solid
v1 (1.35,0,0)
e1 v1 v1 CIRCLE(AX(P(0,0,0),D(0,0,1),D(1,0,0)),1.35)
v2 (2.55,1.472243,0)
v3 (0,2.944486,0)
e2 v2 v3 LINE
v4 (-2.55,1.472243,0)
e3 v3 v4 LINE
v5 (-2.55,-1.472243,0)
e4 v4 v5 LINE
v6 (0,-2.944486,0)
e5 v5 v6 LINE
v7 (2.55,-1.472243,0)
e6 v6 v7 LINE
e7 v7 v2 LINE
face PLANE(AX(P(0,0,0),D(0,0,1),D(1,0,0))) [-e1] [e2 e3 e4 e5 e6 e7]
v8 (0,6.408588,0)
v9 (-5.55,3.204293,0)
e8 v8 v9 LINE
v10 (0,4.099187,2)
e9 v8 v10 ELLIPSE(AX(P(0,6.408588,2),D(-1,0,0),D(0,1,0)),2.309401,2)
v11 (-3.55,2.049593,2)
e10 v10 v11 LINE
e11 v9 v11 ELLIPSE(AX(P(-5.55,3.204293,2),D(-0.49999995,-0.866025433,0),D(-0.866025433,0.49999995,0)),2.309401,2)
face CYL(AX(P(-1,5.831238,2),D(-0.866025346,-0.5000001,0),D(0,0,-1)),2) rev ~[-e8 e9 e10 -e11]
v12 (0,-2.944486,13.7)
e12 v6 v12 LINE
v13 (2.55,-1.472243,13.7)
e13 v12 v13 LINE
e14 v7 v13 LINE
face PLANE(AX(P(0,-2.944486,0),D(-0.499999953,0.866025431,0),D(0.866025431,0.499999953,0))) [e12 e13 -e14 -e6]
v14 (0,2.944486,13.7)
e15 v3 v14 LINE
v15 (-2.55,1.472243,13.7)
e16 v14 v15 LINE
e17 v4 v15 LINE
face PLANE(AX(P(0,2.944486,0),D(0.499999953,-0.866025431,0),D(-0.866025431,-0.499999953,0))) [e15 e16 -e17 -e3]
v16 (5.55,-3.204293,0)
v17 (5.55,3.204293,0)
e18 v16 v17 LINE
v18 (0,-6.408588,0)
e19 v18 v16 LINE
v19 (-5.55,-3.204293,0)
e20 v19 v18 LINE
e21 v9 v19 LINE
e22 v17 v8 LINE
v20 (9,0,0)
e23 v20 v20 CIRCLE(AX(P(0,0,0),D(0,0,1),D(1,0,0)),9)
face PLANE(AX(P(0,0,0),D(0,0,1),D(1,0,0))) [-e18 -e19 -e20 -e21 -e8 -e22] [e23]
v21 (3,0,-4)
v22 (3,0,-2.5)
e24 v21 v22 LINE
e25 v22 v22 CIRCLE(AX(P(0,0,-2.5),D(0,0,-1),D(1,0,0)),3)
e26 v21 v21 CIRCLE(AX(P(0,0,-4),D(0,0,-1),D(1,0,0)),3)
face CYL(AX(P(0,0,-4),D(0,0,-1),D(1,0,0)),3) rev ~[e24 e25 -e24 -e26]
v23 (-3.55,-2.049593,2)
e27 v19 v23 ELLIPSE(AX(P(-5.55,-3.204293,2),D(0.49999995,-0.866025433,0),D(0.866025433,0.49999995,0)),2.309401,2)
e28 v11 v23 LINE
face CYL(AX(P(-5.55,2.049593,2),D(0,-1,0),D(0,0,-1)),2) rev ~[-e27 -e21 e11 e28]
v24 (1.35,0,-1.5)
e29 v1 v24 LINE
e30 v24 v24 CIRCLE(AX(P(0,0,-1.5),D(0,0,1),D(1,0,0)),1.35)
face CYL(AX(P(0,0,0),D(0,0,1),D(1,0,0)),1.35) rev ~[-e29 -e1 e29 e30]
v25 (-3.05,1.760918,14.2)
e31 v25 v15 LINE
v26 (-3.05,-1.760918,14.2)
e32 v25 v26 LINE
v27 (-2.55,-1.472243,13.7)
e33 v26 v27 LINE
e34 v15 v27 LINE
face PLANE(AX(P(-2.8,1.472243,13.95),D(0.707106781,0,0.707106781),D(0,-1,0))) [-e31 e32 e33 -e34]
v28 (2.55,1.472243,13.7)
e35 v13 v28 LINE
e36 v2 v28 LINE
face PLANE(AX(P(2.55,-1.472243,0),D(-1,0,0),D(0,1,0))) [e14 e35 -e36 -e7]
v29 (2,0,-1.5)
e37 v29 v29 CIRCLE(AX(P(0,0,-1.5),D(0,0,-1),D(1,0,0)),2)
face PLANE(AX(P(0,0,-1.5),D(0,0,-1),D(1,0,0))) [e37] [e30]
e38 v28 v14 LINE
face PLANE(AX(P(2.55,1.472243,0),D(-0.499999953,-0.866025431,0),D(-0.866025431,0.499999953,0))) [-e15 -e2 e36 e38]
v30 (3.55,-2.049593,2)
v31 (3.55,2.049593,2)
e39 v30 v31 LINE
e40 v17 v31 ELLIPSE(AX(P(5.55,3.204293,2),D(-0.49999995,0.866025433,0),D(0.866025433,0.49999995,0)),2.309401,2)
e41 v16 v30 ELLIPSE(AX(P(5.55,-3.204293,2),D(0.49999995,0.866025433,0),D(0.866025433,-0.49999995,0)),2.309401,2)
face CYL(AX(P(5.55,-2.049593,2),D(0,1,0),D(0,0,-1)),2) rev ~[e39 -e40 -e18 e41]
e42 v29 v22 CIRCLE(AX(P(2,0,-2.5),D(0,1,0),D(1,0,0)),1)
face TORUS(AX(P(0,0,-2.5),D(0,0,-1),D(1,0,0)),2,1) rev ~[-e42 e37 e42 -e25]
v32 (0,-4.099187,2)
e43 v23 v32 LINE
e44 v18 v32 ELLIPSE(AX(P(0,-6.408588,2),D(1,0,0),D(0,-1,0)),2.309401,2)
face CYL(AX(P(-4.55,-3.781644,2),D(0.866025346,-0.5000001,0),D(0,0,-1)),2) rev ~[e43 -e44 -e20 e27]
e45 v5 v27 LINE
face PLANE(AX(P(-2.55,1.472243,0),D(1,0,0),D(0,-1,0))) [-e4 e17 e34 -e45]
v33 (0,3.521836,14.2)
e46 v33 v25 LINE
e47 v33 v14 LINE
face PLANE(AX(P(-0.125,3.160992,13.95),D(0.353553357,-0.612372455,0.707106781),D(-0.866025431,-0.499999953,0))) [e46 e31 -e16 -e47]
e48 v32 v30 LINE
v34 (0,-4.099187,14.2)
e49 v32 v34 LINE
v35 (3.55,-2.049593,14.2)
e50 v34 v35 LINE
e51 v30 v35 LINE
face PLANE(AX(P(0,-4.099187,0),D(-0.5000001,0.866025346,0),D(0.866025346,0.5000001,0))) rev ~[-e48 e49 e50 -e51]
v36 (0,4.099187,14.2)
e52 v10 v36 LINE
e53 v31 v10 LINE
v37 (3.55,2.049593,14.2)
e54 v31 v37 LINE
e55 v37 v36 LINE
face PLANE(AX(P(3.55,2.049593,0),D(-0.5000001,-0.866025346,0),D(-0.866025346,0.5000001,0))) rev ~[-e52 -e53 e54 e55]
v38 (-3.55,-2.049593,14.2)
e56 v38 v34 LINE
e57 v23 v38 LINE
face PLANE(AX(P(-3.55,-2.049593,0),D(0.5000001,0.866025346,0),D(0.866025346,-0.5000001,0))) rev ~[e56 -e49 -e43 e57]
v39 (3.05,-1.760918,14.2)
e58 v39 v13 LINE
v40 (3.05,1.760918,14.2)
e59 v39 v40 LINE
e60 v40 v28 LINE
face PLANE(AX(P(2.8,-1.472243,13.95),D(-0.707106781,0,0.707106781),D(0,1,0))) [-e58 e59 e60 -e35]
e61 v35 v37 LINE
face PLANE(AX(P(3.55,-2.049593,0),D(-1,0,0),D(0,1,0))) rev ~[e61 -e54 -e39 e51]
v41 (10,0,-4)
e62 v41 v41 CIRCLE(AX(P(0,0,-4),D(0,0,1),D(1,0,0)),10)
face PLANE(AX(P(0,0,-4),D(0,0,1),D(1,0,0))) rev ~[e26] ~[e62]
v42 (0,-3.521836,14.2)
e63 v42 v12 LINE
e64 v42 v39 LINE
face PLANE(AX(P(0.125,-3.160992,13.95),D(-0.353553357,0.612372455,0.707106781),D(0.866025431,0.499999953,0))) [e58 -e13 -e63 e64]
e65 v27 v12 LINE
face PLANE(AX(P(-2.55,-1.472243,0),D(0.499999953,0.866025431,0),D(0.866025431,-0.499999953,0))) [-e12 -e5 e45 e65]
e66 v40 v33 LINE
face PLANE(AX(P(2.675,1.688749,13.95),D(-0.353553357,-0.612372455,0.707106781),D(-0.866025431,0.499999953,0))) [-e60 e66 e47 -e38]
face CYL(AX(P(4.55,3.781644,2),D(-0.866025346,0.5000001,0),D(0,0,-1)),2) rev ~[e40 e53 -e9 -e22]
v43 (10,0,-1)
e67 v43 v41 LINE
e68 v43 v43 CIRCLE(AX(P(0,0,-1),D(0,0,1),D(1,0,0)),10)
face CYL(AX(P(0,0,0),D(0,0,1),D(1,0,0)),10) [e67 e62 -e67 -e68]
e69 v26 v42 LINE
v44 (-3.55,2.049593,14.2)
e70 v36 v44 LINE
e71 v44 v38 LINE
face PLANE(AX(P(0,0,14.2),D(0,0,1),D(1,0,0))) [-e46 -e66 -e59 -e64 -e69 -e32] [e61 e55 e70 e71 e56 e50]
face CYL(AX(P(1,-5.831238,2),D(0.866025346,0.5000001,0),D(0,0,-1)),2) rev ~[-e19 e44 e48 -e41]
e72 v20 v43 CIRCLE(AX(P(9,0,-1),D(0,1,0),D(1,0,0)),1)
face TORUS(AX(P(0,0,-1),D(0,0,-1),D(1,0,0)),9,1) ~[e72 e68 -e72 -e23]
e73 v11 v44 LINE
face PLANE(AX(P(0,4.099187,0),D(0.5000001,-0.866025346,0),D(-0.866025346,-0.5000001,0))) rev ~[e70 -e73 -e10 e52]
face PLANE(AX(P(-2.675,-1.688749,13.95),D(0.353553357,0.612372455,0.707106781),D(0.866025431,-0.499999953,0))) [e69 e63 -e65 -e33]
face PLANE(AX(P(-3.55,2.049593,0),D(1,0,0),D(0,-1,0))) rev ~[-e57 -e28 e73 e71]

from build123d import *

# Parameters (mm, degrees)
SKETCH015_R     = 10
PAD008_DEPTH    = 4
PAD009_DEPTH    = 14.2
FILLET002_R     = 2
FILLET003_R     = 1
CHAMFER_SIZE    = 0.5
SKETCH018_R     = 3
POCKET001_DEPTH = 2.5
SKETCH017_R     = 1.35
POCKET002_DEPTH = 4.001
FILLET004_R     = 1


with BuildPart() as part:
    # Sketch015 → Pad008 (new body)
    with BuildSketch(Plane.XY):
        Circle(SKETCH015_R)
    extrude(amount=-PAD008_DEPTH)

    # Sketch016 → Pad009 (join)
    with BuildSketch(Plane.XY):
        Polygon((3.55, -2.049593), (3.55, 2.049593), (0, 4.099187), (-3.55, 2.049593), (-3.55, -2.049593), (0, -4.099187), align=None)
        Polygon((2.55, -1.472243), (2.55, 1.472243), (0, 2.944486), (-2.55, 1.472243), (-2.55, -1.472243), (0, -2.944486), align=None, mode=Mode.SUBTRACT)
    extrude(amount=PAD009_DEPTH)

    # Fillet002
    fillet002_edges = [part.edges().sort_by_distance(p)[0] for p in [
        (-1.775, -3.07439, 0),
        (1.775, -3.07439, 0),
        (3.55, 0, 0),
        (1.775, 3.07439, 0),
        (-1.775, 3.07439, 0),
        (-3.55, 0, 0),
    ]]
    fillet(fillet002_edges, radius=FILLET002_R)

    # Fillet003
    fillet003_edges = [part.edges().sort_by_distance(p)[0] for p in [
        (-10, 0, 0),
    ]]
    fillet(fillet003_edges, radius=FILLET003_R)

    # Chamfer
    chamfer_edges = [part.edges().sort_by_distance(p)[0] for p in [
        (1.275, -2.208365, 14.2),
        (2.55, 0, 14.2),
        (1.275, 2.208365, 14.2),
        (-1.275, 2.208365, 14.2),
        (-2.55, 0, 14.2),
        (-1.275, -2.208365, 14.2),
    ]]
    chamfer(chamfer_edges, length=CHAMFER_SIZE)

    # Sketch018 (on Face30 of Chamfer) → Pocket001 (cut)
    with BuildSketch(Plane(origin=(0, 0, -4), x_dir=(1, 0, 0), z_dir=(0, 0, -1))):
        Circle(SKETCH018_R)
    extrude(amount=-POCKET001_DEPTH, mode=Mode.SUBTRACT)

    # Sketch017 → Pocket002 (cut, through all)
    with BuildSketch(Plane.XY):
        Circle(SKETCH017_R)
    extrude(amount=-POCKET002_DEPTH, mode=Mode.SUBTRACT)

    # Fillet004
    fillet004_edges = [part.edges().sort_by_distance(p)[0] for p in [
        (-3, 0, -1.5),
    ]]
    fillet(fillet004_edges, radius=FILLET004_R)


solid = part.part
